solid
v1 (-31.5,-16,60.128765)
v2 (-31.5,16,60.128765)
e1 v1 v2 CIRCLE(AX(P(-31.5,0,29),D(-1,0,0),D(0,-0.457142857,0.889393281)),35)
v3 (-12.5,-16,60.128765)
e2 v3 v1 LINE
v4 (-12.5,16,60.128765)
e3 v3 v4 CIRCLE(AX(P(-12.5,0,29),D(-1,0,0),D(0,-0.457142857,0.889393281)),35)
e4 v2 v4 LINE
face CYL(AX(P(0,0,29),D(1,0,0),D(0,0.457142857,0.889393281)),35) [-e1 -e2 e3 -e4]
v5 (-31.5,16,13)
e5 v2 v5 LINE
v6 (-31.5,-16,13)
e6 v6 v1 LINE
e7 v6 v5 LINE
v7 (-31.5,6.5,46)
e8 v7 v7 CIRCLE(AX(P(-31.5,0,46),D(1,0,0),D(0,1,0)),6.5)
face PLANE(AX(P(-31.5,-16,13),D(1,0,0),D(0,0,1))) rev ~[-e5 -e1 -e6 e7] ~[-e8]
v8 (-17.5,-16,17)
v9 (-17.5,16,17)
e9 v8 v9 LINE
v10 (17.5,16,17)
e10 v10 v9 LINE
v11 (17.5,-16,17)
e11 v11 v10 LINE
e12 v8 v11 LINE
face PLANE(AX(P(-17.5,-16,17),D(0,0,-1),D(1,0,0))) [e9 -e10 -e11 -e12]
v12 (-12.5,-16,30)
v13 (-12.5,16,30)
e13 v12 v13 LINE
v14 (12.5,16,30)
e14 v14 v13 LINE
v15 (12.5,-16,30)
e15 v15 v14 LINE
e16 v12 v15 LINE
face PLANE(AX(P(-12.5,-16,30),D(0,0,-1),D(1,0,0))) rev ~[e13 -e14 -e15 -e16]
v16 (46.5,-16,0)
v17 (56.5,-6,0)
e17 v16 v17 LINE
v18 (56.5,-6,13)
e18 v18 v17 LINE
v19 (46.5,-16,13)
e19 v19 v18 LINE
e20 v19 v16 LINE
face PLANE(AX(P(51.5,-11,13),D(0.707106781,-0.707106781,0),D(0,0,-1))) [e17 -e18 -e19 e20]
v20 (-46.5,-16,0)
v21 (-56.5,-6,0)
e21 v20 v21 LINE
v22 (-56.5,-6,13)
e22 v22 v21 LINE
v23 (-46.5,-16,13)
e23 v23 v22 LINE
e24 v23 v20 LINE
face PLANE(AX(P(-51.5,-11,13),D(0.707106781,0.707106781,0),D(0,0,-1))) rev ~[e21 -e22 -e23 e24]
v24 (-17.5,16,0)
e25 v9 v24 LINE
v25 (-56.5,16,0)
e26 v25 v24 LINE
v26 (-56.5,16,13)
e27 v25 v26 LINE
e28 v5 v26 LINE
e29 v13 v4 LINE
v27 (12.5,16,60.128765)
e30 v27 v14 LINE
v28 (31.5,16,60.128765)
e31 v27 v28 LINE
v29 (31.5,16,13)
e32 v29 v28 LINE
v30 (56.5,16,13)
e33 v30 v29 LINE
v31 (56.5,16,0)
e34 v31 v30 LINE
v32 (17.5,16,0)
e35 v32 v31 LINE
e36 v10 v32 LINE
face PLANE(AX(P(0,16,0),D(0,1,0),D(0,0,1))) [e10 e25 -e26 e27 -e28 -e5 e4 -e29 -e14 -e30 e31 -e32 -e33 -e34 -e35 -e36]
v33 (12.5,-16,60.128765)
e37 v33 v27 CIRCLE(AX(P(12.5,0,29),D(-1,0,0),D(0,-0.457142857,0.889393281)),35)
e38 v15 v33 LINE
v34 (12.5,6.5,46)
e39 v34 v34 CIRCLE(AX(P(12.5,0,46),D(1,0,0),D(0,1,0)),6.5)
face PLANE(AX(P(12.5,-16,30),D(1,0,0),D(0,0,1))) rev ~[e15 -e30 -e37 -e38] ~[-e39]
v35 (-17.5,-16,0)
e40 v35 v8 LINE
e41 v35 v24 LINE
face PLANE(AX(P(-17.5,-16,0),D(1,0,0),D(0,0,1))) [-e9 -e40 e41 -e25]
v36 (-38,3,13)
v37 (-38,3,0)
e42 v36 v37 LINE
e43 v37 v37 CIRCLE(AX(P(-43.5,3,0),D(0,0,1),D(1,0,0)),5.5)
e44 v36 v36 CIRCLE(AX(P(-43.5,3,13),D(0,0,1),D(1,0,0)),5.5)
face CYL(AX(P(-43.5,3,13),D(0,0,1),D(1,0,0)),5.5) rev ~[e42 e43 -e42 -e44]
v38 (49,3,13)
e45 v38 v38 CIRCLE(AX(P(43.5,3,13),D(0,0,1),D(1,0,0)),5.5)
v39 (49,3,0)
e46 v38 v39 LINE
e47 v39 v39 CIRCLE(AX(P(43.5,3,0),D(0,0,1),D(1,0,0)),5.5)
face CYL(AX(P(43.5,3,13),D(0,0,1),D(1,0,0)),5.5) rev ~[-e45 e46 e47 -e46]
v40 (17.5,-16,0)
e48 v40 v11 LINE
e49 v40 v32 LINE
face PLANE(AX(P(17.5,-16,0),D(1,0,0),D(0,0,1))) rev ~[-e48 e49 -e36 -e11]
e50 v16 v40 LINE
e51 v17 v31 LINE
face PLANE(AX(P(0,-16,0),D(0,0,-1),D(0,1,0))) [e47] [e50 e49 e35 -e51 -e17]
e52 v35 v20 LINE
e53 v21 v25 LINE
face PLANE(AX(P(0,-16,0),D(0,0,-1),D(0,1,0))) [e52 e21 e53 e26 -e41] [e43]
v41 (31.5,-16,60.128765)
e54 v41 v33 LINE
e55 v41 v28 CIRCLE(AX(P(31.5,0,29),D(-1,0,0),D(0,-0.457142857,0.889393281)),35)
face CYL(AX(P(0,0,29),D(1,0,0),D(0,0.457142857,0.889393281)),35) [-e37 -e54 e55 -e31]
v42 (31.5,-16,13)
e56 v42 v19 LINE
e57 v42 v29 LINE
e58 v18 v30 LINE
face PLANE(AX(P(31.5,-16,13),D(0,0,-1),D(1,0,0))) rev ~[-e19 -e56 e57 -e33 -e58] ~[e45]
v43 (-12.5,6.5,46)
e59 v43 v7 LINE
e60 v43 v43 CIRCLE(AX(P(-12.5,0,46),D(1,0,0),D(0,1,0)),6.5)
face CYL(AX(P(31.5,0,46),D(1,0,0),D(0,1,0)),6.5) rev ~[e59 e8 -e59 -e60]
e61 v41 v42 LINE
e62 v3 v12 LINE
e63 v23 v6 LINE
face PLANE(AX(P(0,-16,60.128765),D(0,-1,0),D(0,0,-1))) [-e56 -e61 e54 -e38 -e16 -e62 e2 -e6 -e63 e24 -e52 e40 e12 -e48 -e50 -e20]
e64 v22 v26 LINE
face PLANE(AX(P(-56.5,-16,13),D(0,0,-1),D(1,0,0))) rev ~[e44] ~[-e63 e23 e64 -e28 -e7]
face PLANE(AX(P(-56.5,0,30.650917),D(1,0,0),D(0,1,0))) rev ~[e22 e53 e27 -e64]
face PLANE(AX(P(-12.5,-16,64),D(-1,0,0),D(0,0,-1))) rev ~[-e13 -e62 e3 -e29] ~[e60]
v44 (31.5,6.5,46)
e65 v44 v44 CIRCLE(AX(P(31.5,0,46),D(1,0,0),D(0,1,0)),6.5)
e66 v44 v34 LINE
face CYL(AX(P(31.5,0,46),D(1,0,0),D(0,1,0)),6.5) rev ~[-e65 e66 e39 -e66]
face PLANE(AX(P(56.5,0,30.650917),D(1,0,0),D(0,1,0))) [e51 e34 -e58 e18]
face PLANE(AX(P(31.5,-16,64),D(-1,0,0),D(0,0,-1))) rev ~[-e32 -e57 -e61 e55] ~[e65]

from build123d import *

# Parameters (mm, degrees)
F1_DEPTH = 56.5
F2_W     = 25
F2_H     = 47.1287648325
F2_H_2   = 3.8712351675
F2_W_2   = 35
F2_H_3   = 17
F3_DEPTH = 50
F4_R     = 6.5
F5_DEPTH = 113
F6_R     = 5.5
F7_DEPTH = 25
F8_SIZE2 = 10
F8_SIZE  = 10


with BuildPart() as f1:
    # F0 (on Right) → F1 (new body, symmetric)
    with BuildSketch(Plane.YZ):
        with BuildLine():
            Line((-16, 0), (0, 0))
            Line((0, 0), (16, 0))
            Line((16, 0), (16, 60.1287648325))
            ThreePointArc((16, 60.1287648325), (0, 64), (-16, 60.1287648325))
            Line((-16, 60.1287648325), (-16, 0))
        make_face()
    extrude(amount=F1_DEPTH, both=True)

    # F2 (on face) → F3 (cut)
    with BuildSketch(Plane.XZ.offset(16)):
        with Locations((-44, 36.5643824163)):
            Rectangle(F2_W, F2_H)
        with Locations((-44, 62.0643824163)):
            Rectangle(F2_W, F2_H_2)
        Polygon((12.5, 60.1287648325), (-12.5, 60.1287648325), (-12.5, 30), (0, 30), (12.5, 30), align=None)
        with Locations((0, 62.0643824163)):
            Rectangle(F2_W, F2_H_2)
        with Locations((44, 36.5643824163)):
            Rectangle(F2_W, F2_H)
        with Locations((44, 62.0643824163)):
            Rectangle(F2_W, F2_H_2)
        with Locations((0, 8.5)):
            Rectangle(F2_W_2, F2_H_3)
    extrude(amount=-F3_DEPTH, mode=Mode.SUBTRACT)

    # F4 (on face) → F5 (cut)
    with BuildSketch(Plane.YZ.offset(31.5)):
        with Locations((0, 46)):
            Circle(F4_R)
    extrude(amount=-F5_DEPTH, mode=Mode.SUBTRACT)

    # F6 (on face) → F7 (cut)
    with BuildSketch(Plane.XY.offset(13)):
        with Locations((-43.5, 3)):
            Circle(F6_R)
        with Locations((43.5, 3)):
            Circle(F6_R)
    extrude(amount=-F7_DEPTH, mode=Mode.SUBTRACT)

    # F8
    f8_edges = [f1.edges().sort_by_distance(p)[0] for p in [
        (-56.5, -16, 6.5),
        (56.5, -16, 6.5),
    ]]
    chamfer(f8_edges, length=F8_SIZE, length2=F8_SIZE2)


solid = f1.part
